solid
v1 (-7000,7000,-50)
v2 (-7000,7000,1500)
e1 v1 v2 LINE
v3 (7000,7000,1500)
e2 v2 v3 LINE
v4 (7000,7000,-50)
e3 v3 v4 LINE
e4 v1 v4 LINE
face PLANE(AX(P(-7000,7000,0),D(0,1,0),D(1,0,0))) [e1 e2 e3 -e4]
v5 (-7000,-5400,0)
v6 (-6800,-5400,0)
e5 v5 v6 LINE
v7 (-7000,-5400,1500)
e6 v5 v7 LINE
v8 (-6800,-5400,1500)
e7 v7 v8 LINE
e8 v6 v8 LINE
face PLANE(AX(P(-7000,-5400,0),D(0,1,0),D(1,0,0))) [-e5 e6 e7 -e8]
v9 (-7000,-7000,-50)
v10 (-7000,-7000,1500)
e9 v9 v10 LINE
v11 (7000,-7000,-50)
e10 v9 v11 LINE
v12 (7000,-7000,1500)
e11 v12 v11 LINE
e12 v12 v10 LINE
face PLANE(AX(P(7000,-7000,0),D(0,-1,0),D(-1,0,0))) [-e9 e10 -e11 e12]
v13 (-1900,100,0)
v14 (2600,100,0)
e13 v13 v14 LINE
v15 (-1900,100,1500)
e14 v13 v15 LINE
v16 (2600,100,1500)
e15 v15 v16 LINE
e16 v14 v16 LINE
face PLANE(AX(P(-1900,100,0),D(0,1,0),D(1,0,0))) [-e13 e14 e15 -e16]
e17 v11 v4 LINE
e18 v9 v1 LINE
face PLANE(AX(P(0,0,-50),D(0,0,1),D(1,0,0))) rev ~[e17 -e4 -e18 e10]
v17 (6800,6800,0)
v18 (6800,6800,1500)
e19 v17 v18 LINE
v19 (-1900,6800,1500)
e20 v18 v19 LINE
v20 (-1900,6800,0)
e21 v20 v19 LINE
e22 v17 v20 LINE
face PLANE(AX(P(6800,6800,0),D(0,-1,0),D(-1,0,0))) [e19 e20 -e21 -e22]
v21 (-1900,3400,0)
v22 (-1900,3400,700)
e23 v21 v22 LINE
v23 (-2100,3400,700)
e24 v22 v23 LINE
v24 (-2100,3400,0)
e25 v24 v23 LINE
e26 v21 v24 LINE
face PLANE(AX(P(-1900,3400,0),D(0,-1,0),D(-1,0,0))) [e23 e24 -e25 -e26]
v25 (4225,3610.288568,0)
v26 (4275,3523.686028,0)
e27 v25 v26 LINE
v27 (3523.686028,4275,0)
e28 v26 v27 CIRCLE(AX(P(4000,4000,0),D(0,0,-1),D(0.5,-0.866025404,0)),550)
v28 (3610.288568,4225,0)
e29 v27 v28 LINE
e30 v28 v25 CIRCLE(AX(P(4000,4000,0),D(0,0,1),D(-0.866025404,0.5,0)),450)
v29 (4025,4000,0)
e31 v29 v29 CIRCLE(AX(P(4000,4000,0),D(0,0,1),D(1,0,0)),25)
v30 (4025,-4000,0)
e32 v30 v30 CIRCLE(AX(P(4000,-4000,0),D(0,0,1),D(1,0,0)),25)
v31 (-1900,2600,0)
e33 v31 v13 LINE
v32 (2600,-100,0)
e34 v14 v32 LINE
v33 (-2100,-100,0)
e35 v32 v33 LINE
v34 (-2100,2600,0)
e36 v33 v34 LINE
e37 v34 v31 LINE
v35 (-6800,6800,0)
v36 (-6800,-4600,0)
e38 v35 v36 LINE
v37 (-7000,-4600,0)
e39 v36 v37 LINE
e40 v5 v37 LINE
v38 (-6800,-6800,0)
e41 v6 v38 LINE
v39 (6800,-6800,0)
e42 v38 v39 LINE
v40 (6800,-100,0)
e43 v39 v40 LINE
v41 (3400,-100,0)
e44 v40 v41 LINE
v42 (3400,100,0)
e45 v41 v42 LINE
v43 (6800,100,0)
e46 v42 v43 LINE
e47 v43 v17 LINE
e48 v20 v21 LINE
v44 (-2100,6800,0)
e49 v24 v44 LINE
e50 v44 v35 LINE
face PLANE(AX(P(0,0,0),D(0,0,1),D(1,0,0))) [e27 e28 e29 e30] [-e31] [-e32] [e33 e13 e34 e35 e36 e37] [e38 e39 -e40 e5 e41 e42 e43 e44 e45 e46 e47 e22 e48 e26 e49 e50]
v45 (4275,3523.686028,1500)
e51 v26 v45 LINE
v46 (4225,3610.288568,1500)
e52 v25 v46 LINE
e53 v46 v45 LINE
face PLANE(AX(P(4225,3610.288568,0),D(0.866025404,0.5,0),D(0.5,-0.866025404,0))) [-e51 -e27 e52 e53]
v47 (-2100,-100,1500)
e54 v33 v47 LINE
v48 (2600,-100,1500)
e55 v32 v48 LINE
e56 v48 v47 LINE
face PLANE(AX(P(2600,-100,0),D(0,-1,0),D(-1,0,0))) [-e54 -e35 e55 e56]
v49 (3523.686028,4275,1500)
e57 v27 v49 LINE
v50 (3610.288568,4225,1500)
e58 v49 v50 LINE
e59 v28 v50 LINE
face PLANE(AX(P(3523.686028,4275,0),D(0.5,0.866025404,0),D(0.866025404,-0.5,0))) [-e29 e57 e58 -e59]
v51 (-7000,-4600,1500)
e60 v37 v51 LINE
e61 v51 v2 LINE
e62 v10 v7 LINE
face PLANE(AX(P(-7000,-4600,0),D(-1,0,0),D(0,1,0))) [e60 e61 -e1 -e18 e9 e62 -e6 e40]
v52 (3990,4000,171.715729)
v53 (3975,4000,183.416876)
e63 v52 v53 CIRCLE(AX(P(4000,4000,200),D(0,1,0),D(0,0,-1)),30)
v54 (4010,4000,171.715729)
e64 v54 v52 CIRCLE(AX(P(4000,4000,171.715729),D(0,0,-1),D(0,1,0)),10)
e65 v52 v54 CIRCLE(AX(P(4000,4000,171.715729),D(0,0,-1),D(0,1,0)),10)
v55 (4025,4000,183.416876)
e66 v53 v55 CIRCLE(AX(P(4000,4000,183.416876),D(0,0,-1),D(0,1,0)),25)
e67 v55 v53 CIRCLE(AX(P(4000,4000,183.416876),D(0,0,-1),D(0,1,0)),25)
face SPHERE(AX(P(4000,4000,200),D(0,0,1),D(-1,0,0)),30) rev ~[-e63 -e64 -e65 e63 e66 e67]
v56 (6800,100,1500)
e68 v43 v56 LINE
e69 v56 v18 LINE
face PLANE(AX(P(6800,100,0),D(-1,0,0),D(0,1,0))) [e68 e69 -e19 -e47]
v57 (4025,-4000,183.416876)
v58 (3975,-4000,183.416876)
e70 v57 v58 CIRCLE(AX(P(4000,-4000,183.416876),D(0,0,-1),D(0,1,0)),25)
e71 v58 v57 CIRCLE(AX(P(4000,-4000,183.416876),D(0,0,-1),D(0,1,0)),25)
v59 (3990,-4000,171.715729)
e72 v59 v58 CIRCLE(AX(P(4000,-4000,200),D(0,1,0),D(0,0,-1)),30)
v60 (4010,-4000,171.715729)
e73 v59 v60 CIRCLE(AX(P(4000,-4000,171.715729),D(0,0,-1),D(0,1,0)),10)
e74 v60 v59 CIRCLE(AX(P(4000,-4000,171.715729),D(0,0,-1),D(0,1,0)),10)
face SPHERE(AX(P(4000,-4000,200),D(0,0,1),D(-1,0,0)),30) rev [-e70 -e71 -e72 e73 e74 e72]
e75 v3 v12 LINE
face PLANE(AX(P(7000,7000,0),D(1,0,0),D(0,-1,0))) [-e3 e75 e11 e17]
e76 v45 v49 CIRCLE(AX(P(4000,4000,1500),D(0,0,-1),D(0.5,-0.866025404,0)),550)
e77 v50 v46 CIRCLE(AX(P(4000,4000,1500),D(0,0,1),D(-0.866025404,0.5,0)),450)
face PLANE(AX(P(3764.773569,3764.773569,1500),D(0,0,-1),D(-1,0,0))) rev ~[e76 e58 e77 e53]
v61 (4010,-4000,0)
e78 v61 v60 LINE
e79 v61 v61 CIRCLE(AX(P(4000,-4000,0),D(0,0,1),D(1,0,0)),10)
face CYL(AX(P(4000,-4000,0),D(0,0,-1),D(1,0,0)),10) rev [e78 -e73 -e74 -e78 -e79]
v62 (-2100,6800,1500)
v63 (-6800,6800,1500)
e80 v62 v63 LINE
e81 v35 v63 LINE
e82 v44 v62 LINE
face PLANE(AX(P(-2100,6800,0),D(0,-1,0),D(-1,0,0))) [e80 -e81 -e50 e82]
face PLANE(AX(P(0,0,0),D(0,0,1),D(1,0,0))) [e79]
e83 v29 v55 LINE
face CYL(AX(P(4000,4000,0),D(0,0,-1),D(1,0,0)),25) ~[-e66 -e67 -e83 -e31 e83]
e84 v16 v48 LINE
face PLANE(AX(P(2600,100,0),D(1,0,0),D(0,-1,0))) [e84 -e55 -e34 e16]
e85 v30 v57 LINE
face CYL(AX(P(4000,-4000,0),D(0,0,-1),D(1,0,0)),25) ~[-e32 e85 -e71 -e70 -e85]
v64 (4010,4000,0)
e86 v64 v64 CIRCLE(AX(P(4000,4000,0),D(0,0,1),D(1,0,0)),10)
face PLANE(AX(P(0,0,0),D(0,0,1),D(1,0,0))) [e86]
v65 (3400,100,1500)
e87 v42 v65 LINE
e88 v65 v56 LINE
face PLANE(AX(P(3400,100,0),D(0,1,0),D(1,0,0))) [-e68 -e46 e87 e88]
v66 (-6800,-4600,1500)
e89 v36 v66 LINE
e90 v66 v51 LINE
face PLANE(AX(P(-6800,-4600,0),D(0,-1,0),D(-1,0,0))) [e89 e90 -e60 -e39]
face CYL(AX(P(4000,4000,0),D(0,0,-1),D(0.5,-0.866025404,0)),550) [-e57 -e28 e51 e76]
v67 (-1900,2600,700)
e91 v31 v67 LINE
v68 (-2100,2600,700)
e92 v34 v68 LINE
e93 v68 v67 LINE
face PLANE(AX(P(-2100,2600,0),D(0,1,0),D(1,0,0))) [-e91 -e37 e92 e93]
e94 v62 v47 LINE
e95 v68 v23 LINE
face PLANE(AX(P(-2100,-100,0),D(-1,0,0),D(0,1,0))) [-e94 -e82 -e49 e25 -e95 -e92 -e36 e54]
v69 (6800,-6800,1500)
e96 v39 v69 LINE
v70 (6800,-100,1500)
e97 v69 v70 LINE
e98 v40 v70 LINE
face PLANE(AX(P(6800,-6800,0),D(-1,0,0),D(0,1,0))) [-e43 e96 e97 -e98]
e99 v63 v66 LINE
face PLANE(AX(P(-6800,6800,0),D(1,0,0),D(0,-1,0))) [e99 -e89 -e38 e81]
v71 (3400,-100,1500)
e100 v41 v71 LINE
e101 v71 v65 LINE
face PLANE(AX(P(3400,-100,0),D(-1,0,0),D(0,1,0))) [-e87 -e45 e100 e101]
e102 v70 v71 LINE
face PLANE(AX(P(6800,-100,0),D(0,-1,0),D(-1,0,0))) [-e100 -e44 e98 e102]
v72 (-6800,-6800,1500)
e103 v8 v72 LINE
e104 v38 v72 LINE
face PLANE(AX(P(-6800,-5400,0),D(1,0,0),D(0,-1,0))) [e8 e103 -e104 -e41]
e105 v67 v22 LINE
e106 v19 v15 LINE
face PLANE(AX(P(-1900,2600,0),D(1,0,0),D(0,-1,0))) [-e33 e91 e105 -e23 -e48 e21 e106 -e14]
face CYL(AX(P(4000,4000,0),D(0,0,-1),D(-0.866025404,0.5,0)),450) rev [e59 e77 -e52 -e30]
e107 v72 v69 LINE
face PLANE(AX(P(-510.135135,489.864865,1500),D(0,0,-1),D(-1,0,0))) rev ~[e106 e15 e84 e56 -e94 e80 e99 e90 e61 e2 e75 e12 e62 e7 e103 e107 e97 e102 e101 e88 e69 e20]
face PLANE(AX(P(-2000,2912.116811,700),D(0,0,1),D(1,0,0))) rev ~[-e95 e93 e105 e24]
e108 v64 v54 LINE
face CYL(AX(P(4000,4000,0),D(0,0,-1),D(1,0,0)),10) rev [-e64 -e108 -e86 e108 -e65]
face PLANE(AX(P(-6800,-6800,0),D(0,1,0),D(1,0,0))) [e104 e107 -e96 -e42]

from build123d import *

# Parameters (mm, degrees)
SKETCH_1_W          = 14000
SKETCH_1_H          = 14000
EXTRUDE_1_DEPTH     = 50
SKETCH_2_R          = 25
SKETCH_2_R_2        = 10
EXTRUDE_2_DEPTH     = 1500
SKETCH_3_R          = 25
CUT_EXTRUDE_1_DEPTH = 1300
SKETCH_6_W          = 200
SKETCH_6_H          = 1519.653769674
EXTRUDE_3_DEPTH     = 800


with BuildPart() as part:
    # 草图1 → 凸台-拉伸1 (new body)
    with BuildSketch(Plane.XY):
        Rectangle(SKETCH_1_W, SKETCH_1_H)
    extrude(amount=-EXTRUDE_1_DEPTH)

    # 草图2 → 凸台-拉伸2 (add)
    with BuildSketch(Plane.XY):
        with Locations((4000, -4000)):
            Circle(SKETCH_2_R)
        with Locations((4000, -4000)):
            Circle(SKETCH_2_R_2, mode=Mode.SUBTRACT)
        with Locations((4000, 4000)):
            Circle(SKETCH_2_R)
        with Locations((4000, 4000)):
            Circle(SKETCH_2_R_2, mode=Mode.SUBTRACT)
        Polygon((-7000, 7000), (7000, 7000), (7000, -7000), (-7000, -7000), (-7000, -5400), (-6800, -5400), (-6800, -6800), (6800, -6800), (6800, -100), (3400, -100), (3400, 100), (6800, 100), (6800, 6800), (-1900, 6800), (-1900, 3400), (-2100, 3400), (-2100, 6800), (-6800, 6800), (-6800, -4600), (-7000, -4600), align=None)
        Polygon((2600, 100), (2600, -100), (-2100, -100), (-2100, 2600), (-1900, 2600), (-1900, 100), align=None)
        with BuildLine():
            Line((3523.686027919, 4275), (3610.288568297, 4225))
            ThreePointArc((3610.288568297, 4225), (3681.801948466, 3681.801948466), (4225, 3610.288568297))
            Line((4225, 3610.288568297), (4275, 3523.686027919))
            ThreePointArc((4275, 3523.686027919), (3611.091270347, 3611.091270347), (3523.686027919, 4275))
        make_face()
    extrude(amount=EXTRUDE_2_DEPTH)

    # 草图3 → 切除-拉伸1 (cut)
    with BuildSketch(Plane.XY.offset(1500)):
        with Locations((4000, 4000)):
            Circle(SKETCH_3_R)
        with Locations((4000, -4000)):
            Circle(SKETCH_3_R)
    extrude(amount=-CUT_EXTRUDE_1_DEPTH, mode=Mode.SUBTRACT)

    # 草图5 → 切除-旋转2 (revolve, cut)
    with BuildSketch(Plane(origin=(0, -4000, 0), x_dir=(1, 0, 0), z_dir=(0, 1, 0))):
        with BuildLine():
            Line((4000, -230), (4000, -170))
            ThreePointArc((4000, -170), (3970, -200), (4000, -230))
        make_face()
    cut_revolve_2 = revolve(axis=Axis((4000, -4000, 800), (0, 0, -1)), mode=Mode.SUBTRACT)

    # 镜向1: 切除-旋转2 across plane
    add(cut_revolve_2.mirror(Plane.ZX), mode=Mode.SUBTRACT)

    # 草图6 → 凸台-拉伸3 (add)
    with BuildSketch(Plane.XY.offset(1500)):
        with Locations((-2000, 2912.116810871)):
            Rectangle(SKETCH_6_W, SKETCH_6_H)
    extrude(amount=-EXTRUDE_3_DEPTH)


solid = part.part
